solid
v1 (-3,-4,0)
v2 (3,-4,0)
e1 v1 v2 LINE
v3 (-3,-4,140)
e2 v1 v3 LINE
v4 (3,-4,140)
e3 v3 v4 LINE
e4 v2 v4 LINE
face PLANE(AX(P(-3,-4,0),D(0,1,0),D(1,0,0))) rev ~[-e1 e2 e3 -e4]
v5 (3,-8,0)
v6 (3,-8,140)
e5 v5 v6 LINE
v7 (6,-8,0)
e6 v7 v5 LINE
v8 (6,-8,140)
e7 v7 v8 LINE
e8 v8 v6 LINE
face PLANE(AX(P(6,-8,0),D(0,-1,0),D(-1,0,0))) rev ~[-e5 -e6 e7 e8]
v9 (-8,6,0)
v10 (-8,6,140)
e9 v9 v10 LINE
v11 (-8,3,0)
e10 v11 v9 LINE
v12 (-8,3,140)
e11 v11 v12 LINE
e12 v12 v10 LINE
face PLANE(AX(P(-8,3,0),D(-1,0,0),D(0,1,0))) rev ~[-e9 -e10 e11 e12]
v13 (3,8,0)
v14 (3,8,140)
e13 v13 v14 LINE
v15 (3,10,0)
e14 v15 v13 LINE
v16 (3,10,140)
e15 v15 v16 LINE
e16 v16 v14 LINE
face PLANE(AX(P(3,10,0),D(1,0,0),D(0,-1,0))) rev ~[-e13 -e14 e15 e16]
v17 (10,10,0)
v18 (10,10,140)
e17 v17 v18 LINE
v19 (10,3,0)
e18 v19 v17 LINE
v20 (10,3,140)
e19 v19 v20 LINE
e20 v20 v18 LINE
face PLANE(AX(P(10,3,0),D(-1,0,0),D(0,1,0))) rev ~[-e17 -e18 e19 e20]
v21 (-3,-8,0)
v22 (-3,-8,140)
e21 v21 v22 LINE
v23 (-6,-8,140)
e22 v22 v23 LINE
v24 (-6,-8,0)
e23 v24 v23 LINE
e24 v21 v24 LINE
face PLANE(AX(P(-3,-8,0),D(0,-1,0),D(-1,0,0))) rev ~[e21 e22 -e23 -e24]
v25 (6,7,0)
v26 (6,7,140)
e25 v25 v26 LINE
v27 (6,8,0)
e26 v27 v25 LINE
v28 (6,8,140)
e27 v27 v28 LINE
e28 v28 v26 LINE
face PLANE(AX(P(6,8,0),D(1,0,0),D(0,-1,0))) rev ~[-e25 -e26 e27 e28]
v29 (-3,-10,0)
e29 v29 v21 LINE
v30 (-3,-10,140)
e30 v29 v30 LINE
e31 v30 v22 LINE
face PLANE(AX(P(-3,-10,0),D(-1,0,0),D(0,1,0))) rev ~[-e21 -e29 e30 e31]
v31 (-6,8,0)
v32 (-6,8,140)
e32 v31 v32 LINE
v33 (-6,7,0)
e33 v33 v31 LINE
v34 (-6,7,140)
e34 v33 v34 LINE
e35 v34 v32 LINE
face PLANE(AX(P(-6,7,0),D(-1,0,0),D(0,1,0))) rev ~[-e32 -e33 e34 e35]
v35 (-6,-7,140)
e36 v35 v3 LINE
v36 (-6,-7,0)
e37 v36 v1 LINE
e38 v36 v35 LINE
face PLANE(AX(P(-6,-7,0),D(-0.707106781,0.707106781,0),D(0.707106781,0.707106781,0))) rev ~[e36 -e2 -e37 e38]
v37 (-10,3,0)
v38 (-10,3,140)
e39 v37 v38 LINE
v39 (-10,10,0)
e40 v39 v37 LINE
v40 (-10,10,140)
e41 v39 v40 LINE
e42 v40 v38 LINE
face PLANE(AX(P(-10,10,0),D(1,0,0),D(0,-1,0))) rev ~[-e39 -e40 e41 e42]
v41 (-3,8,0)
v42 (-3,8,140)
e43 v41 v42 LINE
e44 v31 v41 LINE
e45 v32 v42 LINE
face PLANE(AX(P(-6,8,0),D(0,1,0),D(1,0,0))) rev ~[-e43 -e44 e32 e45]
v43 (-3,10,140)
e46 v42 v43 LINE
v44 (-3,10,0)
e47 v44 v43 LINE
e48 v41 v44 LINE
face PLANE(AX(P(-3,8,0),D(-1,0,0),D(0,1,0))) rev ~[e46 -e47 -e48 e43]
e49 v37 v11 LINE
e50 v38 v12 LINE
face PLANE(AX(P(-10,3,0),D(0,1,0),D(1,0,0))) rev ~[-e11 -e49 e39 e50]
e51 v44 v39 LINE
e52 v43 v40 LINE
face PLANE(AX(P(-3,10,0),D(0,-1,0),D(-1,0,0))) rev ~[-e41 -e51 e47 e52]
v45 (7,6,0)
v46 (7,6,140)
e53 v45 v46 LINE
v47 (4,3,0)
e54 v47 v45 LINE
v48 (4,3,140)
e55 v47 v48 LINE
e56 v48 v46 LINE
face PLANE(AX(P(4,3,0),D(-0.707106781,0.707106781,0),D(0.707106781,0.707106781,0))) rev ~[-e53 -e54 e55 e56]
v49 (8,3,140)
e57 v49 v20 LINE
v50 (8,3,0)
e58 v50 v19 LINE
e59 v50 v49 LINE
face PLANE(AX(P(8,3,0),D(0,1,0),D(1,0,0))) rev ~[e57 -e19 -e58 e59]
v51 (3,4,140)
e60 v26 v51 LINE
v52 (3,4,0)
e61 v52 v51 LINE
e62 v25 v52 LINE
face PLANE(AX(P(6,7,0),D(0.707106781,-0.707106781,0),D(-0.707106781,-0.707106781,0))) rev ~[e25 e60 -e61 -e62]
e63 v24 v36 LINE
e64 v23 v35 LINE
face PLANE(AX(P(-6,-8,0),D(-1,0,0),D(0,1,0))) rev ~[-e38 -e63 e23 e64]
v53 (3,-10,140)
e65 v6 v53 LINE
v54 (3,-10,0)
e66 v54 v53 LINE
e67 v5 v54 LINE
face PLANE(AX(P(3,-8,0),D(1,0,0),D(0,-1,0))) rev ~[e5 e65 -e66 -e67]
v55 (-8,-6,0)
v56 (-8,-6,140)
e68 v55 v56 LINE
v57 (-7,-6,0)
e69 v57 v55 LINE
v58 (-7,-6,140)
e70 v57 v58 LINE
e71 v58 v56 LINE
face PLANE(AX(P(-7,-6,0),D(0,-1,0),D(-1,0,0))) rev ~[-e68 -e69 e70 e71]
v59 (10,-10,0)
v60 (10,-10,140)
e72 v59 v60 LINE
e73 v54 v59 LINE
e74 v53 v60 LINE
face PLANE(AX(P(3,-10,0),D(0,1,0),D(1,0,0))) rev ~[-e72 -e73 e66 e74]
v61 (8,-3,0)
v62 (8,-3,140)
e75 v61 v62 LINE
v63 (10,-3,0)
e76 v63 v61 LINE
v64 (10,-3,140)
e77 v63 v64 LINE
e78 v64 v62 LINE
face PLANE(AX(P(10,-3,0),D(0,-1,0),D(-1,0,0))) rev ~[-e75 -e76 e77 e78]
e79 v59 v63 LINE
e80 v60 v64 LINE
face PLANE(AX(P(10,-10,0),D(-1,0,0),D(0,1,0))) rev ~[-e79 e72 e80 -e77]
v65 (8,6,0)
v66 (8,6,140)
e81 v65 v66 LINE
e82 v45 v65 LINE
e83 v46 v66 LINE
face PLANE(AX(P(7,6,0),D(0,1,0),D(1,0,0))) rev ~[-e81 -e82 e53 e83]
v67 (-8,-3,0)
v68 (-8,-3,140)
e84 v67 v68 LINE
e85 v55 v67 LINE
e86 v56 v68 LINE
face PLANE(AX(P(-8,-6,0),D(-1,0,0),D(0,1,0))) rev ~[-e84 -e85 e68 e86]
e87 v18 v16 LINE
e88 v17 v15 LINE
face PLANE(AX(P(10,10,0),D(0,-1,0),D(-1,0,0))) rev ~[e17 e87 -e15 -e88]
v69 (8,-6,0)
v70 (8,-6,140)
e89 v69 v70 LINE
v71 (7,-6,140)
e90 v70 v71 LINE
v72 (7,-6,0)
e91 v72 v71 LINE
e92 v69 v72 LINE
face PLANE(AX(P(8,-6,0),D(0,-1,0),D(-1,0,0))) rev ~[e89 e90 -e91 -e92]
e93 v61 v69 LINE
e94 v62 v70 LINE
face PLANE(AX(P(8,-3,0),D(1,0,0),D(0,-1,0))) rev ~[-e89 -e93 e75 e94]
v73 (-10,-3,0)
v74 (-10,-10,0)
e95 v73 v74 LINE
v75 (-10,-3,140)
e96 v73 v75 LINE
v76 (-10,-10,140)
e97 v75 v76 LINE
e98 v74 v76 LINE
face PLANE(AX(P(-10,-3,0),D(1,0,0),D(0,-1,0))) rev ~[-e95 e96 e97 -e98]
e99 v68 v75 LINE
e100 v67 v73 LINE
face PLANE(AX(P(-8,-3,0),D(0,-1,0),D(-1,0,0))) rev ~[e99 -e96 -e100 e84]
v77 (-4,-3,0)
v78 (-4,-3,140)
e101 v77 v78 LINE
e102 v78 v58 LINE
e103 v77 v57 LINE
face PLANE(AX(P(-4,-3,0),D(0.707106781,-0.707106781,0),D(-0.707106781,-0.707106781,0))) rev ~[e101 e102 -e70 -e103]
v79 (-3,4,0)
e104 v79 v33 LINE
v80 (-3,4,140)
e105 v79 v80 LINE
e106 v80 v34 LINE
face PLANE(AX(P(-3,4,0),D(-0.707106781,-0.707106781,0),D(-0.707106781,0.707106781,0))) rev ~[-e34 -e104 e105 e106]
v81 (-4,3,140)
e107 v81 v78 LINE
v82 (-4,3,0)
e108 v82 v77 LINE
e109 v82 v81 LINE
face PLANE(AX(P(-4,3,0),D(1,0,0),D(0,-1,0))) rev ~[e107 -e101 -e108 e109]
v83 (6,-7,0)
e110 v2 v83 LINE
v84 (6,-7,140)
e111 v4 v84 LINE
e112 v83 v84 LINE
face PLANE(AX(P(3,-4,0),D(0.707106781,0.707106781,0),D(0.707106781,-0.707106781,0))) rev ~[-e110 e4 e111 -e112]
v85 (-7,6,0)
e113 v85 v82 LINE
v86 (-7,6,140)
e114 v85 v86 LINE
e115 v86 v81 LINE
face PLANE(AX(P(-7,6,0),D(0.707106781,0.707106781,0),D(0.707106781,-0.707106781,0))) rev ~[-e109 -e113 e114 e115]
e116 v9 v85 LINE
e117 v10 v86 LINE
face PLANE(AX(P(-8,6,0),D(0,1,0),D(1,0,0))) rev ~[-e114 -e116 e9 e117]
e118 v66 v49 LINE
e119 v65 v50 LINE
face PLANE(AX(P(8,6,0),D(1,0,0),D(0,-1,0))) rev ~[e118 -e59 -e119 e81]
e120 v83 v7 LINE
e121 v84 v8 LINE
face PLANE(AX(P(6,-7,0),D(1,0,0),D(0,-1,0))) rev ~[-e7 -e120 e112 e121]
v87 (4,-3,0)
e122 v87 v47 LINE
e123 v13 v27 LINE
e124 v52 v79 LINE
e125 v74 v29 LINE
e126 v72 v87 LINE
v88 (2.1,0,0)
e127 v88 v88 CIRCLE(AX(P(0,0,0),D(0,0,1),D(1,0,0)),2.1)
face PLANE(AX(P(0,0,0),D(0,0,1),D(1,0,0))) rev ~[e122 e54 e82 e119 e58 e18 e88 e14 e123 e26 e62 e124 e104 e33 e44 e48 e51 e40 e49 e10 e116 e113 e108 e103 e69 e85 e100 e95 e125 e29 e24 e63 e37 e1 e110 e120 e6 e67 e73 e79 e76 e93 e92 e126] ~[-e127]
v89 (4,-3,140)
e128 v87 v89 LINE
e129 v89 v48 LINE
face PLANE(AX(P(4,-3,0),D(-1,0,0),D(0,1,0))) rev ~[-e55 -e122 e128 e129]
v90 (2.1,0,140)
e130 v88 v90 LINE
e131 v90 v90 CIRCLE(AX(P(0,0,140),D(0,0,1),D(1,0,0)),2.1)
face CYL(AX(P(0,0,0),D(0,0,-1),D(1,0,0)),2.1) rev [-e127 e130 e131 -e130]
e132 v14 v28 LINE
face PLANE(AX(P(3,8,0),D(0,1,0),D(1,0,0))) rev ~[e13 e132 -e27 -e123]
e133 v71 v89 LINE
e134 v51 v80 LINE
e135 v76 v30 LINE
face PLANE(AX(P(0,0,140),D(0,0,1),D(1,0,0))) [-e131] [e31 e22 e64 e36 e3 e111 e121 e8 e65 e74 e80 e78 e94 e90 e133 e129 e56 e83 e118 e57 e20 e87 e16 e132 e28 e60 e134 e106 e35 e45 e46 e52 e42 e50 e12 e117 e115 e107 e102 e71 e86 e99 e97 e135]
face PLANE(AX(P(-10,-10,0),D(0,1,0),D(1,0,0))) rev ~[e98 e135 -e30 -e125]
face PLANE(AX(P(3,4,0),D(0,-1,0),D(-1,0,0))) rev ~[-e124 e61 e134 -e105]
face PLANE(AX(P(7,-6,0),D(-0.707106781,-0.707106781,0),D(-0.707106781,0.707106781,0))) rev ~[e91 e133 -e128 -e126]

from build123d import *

# Parameters (mm, degrees)
SKETCH_2_R      = 2.1
EXTRUDE_1_DEPTH = 140


with BuildPart() as part:
    # ｽｹｯﾁ2 → ﾎﾞｽ - 押し出し1 (new body)
    with BuildSketch(Plane.XY):
        Polygon((3, 4), (-3, 4), (-6, 7), (-6, 8), (-3, 8), (-3, 10), (-10, 10), (-10, 3), (-8, 3), (-8, 6), (-7, 6), (-4, 3), (-4, -3), (-7, -6), (-8, -6), (-8, -3), (-10, -3), (-10, -10), (-3, -10), (-3, -8), (-6, -8), (-6, -7), (-3, -4), (3, -4), (6, -7), (6, -8), (3, -8), (3, -10), (10, -10), (10, -3), (8, -3), (8, -6), (7, -6), (4, -3), (4, 3), (7, 6), (8, 6), (8, 3), (10, 3), (10, 10), (3, 10), (3, 8), (6, 8), (6, 7), align=None)
        Circle(SKETCH_2_R, mode=Mode.SUBTRACT)
    extrude(amount=EXTRUDE_1_DEPTH)


solid = part.part
